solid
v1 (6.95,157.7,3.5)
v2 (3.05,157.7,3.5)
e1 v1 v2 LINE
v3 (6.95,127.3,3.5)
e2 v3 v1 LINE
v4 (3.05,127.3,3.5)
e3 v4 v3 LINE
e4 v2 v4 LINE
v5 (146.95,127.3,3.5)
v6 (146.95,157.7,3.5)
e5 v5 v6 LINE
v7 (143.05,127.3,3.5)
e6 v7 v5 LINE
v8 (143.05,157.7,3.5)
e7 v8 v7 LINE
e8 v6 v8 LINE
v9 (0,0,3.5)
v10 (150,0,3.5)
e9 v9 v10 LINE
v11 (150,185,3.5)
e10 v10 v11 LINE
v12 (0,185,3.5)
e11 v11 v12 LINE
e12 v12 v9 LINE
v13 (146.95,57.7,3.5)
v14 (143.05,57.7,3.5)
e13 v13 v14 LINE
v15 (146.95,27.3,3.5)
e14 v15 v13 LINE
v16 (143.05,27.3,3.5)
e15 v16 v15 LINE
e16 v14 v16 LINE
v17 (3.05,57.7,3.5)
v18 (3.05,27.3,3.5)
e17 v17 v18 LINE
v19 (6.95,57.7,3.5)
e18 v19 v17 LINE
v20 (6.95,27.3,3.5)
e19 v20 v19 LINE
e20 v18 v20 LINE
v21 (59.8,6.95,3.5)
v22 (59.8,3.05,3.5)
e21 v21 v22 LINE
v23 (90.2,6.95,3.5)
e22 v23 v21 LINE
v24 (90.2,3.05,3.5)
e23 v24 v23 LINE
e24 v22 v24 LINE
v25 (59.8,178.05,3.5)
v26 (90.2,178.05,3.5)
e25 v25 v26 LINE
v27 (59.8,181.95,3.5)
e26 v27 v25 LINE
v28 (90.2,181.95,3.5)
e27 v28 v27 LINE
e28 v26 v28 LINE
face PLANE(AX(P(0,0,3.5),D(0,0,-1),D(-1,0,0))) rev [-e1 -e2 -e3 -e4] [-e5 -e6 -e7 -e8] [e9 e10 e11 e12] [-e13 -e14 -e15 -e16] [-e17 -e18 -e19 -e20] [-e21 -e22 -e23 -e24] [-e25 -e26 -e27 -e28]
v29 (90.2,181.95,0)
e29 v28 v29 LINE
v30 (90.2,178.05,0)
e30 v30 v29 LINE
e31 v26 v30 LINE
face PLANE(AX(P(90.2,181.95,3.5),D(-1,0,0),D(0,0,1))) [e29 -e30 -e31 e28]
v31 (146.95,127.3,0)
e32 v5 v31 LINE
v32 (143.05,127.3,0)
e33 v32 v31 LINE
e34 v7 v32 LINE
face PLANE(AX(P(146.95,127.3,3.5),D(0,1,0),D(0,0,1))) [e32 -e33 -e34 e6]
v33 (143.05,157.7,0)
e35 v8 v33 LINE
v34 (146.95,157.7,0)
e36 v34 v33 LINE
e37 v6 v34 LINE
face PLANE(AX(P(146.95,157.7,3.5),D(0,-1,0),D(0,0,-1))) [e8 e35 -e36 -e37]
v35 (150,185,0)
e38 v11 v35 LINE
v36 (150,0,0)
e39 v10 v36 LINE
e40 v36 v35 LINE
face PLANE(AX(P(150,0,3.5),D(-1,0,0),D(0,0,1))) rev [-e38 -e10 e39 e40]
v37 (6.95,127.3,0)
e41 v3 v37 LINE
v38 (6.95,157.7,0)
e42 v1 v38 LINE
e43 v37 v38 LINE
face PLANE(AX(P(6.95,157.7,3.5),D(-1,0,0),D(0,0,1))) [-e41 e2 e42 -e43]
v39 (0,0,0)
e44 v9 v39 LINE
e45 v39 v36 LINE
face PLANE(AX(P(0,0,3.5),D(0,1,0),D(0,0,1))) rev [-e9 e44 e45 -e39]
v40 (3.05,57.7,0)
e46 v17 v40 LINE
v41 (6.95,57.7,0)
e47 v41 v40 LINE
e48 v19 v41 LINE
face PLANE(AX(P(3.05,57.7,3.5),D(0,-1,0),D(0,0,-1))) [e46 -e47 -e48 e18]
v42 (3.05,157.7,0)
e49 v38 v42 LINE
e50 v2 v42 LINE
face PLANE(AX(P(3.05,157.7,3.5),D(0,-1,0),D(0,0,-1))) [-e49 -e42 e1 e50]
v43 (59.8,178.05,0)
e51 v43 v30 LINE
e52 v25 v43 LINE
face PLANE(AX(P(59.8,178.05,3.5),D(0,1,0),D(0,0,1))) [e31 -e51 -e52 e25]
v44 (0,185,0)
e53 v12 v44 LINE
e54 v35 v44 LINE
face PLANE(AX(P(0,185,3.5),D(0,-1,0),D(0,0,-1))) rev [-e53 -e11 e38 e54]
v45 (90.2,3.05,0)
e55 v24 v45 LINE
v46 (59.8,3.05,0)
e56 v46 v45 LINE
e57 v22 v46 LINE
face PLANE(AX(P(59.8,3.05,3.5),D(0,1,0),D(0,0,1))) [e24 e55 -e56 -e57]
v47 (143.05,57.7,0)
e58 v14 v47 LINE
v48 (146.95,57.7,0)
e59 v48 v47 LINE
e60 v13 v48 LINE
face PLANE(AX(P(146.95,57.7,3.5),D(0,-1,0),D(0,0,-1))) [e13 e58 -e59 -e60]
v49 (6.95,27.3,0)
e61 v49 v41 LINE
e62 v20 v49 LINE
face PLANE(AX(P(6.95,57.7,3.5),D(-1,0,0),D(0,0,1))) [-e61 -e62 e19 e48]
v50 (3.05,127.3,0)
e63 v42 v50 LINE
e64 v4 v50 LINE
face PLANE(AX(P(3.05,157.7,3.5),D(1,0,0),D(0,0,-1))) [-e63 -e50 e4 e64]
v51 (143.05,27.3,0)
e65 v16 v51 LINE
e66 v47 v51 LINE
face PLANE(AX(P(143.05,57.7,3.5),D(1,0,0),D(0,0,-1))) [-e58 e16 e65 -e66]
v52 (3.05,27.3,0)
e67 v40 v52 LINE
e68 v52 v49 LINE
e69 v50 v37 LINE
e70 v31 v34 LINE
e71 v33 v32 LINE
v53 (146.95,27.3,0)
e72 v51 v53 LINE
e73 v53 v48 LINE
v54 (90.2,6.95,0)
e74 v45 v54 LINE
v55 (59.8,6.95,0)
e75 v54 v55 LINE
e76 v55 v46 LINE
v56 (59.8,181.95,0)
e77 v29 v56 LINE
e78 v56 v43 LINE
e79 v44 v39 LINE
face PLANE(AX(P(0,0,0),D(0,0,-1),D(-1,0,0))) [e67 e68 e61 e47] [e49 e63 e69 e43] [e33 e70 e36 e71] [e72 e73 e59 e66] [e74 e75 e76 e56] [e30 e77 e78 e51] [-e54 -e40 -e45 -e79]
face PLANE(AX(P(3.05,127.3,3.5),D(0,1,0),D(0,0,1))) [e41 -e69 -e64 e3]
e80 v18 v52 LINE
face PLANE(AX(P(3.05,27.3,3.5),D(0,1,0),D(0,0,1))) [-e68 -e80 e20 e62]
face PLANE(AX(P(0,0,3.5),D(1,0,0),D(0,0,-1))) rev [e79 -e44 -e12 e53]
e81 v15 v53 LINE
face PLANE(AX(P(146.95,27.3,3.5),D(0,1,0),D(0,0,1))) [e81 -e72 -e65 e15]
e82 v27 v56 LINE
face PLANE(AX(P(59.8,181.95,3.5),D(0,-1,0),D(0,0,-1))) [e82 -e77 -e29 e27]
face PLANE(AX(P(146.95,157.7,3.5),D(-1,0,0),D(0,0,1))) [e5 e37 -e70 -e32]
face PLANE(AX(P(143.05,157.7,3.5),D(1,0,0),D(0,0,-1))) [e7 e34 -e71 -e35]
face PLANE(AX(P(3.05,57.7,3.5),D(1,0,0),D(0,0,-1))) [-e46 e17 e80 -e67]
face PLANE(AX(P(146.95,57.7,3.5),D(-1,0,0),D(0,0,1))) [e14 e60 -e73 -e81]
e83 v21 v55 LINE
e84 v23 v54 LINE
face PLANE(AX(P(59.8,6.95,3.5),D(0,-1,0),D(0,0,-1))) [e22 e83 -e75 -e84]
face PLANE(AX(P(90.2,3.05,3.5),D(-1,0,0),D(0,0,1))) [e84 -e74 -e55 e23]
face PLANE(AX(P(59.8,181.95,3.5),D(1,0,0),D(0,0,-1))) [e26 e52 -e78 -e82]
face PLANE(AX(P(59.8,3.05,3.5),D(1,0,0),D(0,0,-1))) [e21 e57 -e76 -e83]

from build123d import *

# Parameters (mm, degrees)
SKETCH_1_W      = 150
SKETCH_1_H      = 185
SKETCH_1_W_2    = 3.9
SKETCH_1_H_2    = 30.4
SKETCH_1_W_3    = 30.4
SKETCH_1_H_3    = 3.9
EXTRUDE_1_DEPTH = 3.5


with BuildPart() as part:
    # Эскиз1 → Бобышка-Вытянуть1 (new body)
    with BuildSketch(Plane.XY):
        with Locations((75, 92.5)):
            Rectangle(SKETCH_1_W, SKETCH_1_H)
        with Locations((5, 42.5)):
            Rectangle(SKETCH_1_W_2, SKETCH_1_H_2, mode=Mode.SUBTRACT)
        with Locations((5, 142.5)):
            Rectangle(SKETCH_1_W_2, SKETCH_1_H_2, mode=Mode.SUBTRACT)
        with Locations((145, 42.5)):
            Rectangle(SKETCH_1_W_2, SKETCH_1_H_2, mode=Mode.SUBTRACT)
        with Locations((145, 142.5)):
            Rectangle(SKETCH_1_W_2, SKETCH_1_H_2, mode=Mode.SUBTRACT)
        with Locations((75, 5)):
            Rectangle(SKETCH_1_W_3, SKETCH_1_H_3, mode=Mode.SUBTRACT)
        with Locations((75, 180)):
            Rectangle(SKETCH_1_W_3, SKETCH_1_H_3, mode=Mode.SUBTRACT)
    extrude(amount=EXTRUDE_1_DEPTH)


solid = part.part
